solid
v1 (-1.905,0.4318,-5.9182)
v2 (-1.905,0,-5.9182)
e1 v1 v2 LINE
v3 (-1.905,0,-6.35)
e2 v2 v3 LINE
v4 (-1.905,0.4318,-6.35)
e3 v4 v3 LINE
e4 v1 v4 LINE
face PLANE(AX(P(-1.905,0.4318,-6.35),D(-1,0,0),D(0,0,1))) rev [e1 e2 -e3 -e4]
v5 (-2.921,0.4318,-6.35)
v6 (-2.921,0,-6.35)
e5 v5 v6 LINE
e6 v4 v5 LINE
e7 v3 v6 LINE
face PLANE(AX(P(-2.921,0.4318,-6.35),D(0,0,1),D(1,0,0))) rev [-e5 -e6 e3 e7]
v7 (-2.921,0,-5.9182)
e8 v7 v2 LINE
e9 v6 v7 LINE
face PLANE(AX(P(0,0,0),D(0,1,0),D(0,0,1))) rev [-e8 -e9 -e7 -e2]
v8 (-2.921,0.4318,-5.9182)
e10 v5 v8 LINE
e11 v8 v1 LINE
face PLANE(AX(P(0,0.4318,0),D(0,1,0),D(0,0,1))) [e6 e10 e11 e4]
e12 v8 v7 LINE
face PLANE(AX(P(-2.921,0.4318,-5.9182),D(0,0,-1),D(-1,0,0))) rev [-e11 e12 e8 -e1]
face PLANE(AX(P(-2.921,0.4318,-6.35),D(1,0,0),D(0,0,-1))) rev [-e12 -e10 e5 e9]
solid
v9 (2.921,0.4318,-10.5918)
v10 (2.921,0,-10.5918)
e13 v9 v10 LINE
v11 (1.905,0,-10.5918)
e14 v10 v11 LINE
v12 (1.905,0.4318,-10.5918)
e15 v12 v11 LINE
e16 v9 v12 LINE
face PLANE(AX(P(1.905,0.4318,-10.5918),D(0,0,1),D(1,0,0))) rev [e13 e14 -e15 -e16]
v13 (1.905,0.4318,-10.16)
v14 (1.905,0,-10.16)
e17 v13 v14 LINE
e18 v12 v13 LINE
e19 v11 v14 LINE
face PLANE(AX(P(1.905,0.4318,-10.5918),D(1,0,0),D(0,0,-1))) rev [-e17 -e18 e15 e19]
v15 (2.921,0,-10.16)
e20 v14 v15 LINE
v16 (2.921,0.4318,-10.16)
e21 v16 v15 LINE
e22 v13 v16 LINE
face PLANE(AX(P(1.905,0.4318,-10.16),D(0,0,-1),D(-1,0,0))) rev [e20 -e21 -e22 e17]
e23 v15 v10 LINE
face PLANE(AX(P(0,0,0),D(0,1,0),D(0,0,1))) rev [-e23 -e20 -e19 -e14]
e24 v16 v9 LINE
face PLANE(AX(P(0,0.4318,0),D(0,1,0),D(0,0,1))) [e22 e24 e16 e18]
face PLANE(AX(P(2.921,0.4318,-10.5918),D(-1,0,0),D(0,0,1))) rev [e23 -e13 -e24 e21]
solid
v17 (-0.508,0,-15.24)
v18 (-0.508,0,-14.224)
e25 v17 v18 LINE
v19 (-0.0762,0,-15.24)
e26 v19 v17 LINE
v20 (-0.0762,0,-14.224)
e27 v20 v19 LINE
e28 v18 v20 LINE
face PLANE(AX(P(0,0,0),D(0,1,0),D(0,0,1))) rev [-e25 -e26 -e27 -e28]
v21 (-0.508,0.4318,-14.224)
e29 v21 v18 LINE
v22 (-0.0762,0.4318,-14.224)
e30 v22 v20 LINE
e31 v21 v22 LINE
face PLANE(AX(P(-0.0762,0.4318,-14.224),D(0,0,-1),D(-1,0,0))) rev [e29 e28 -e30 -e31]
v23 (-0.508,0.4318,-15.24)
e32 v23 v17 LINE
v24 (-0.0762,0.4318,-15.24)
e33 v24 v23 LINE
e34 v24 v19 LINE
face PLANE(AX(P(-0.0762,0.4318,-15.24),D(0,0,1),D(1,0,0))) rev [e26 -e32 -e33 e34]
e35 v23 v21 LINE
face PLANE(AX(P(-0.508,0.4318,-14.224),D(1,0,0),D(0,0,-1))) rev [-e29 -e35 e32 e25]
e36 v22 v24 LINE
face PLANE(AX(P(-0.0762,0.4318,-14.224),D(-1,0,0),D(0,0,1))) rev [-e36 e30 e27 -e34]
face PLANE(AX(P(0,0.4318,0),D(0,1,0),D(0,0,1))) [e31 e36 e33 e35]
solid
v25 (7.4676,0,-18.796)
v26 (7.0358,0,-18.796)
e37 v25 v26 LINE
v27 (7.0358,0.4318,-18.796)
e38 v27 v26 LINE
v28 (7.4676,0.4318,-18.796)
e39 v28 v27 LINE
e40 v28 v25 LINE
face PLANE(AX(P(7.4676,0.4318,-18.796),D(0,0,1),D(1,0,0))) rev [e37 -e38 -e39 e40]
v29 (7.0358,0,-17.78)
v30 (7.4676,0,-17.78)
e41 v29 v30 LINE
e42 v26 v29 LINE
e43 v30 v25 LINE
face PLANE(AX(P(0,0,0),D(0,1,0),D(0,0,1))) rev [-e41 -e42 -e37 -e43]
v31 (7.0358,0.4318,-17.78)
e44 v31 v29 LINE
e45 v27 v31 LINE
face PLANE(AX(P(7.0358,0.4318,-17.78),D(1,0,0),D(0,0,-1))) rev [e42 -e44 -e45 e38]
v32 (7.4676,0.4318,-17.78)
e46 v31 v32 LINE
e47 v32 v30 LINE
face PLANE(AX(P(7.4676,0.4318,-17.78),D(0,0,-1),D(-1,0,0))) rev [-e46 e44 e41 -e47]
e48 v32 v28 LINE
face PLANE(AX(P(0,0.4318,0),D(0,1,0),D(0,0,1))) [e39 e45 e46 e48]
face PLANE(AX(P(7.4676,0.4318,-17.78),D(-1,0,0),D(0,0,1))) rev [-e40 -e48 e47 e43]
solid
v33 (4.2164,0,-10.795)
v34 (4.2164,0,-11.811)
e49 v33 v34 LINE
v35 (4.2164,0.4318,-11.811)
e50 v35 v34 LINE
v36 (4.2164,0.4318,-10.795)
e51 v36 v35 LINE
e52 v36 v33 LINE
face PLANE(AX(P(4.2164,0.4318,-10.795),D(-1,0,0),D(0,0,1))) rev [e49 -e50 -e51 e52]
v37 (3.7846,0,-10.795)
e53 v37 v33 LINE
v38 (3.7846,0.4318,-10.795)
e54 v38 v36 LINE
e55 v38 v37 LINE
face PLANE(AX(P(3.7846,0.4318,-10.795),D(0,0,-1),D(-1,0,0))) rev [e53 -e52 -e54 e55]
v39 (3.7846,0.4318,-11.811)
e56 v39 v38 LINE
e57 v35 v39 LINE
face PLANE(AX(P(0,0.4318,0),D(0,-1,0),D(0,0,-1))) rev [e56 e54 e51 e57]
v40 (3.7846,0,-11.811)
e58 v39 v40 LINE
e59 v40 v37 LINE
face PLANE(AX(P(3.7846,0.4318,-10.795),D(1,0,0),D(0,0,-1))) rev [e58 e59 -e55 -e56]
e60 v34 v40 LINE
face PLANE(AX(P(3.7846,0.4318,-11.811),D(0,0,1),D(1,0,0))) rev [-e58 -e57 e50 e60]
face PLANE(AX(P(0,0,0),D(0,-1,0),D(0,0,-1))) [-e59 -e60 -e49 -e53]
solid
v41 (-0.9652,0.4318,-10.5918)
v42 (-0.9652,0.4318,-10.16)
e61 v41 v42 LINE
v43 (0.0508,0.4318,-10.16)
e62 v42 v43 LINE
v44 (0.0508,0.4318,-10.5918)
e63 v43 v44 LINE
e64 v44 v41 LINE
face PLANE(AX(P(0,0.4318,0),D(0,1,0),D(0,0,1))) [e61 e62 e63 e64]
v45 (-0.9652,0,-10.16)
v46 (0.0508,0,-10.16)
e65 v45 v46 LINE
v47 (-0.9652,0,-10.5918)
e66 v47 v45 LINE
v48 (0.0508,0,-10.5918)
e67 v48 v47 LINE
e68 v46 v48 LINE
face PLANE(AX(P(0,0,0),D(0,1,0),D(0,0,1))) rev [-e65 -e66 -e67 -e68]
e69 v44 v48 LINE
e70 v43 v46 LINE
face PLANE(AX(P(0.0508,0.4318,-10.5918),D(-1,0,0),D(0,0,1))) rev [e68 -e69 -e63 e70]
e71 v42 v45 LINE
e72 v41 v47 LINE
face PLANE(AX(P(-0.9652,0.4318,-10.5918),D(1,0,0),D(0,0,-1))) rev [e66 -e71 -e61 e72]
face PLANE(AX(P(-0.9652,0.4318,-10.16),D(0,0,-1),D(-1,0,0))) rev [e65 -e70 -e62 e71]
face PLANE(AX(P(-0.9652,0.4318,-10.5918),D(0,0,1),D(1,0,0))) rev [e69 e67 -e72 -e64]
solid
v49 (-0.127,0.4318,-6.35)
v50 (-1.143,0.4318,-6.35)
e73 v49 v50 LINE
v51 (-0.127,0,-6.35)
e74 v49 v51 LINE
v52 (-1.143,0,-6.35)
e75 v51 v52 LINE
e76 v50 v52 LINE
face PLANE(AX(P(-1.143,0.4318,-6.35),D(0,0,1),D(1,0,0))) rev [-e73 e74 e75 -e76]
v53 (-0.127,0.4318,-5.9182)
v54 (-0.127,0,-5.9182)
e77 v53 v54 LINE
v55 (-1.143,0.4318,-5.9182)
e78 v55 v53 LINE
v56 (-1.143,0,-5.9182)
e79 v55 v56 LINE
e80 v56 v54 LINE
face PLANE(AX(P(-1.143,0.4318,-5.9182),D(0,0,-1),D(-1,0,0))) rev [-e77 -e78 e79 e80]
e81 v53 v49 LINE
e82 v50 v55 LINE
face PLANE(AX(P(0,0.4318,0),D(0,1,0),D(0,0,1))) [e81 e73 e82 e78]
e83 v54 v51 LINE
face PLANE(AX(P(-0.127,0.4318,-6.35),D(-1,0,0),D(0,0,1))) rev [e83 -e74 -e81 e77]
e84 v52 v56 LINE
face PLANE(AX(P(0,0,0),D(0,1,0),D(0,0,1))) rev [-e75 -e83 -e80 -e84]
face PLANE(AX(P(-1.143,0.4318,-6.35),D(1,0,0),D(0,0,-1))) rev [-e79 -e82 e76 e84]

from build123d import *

# Parameters (mm, degrees)
SKETCH1_W             = 1.016
SKETCH1_H             = 0.4318
BOSS_EXTRUDE1_DEPTH   = 0.4318
SKETCH1_W_2           = 0.4318
SKETCH1_H_2           = 1.016
BOSS_EXTRUDE1_2_DEPTH = 0.4318
BOSS_EXTRUDE1_3_DEPTH = 0.4318
BOSS_EXTRUDE1_4_DEPTH = 0.4318
BOSS_EXTRUDE1_5_DEPTH = 0.4318
BOSS_EXTRUDE1_6_DEPTH = 0.4318
BOSS_EXTRUDE1_7_DEPTH = 0.4318


with BuildPart() as part:
    # Sketch1 → Boss-Extrude1 (new body)
    with BuildSketch(Plane(origin=(0, 0, 0), x_dir=(1, 0, 0), z_dir=(0, 1, 0))):
        with Locations((-0.635, 6.1341)):
            Rectangle(SKETCH1_W, SKETCH1_H)
    extrude(amount=BOSS_EXTRUDE1_DEPTH)


with BuildPart() as body_2:
    # Sketch1 → Boss-Extrude1 2 (new body)
    with BuildSketch(Plane(origin=(0, 0, 0), x_dir=(1, 0, 0), z_dir=(0, 1, 0))):
        with Locations((-0.2921, 14.732)):
            Rectangle(SKETCH1_W_2, SKETCH1_H_2)
    extrude(amount=BOSS_EXTRUDE1_2_DEPTH)


with BuildPart() as body_3:
    # Sketch1 → Boss-Extrude1 3 (new body)
    with BuildSketch(Plane(origin=(0, 0, 0), x_dir=(1, 0, 0), z_dir=(0, 1, 0))):
        with Locations((7.2517, 18.288)):
            Rectangle(SKETCH1_W_2, SKETCH1_H_2)
    extrude(amount=BOSS_EXTRUDE1_3_DEPTH)


with BuildPart() as body_4:
    # Sketch1 → Boss-Extrude1 4 (new body)
    with BuildSketch(Plane(origin=(0, 0, 0), x_dir=(1, 0, 0), z_dir=(0, 1, 0))):
        with Locations((-2.413, 6.1341)):
            Rectangle(SKETCH1_W, SKETCH1_H)
    extrude(amount=BOSS_EXTRUDE1_4_DEPTH)


with BuildPart() as body_5:
    # Sketch1 → Boss-Extrude1 5 (new body)
    with BuildSketch(Plane(origin=(0, 0, 0), x_dir=(1, 0, 0), z_dir=(0, 1, 0))):
        with Locations((-0.4572, 10.3759)):
            Rectangle(SKETCH1_W, SKETCH1_H)
    extrude(amount=BOSS_EXTRUDE1_5_DEPTH)


with BuildPart() as body_6:
    # Sketch1 → Boss-Extrude1 6 (new body)
    with BuildSketch(Plane(origin=(0, 0, 0), x_dir=(1, 0, 0), z_dir=(0, 1, 0))):
        with Locations((2.413, 10.3759)):
            Rectangle(SKETCH1_W, SKETCH1_H)
    extrude(amount=BOSS_EXTRUDE1_6_DEPTH)


with BuildPart() as body_7:
    # Sketch1 → Boss-Extrude1 7 (new body)
    with BuildSketch(Plane(origin=(0, 0, 0), x_dir=(1, 0, 0), z_dir=(0, 1, 0))):
        with Locations((4.0005, 11.303)):
            Rectangle(SKETCH1_W_2, SKETCH1_H_2)
    extrude(amount=BOSS_EXTRUDE1_7_DEPTH)


solid = Compound([part.part, body_2.part, body_3.part, body_4.part, body_5.part, body_6.part, body_7.part])
